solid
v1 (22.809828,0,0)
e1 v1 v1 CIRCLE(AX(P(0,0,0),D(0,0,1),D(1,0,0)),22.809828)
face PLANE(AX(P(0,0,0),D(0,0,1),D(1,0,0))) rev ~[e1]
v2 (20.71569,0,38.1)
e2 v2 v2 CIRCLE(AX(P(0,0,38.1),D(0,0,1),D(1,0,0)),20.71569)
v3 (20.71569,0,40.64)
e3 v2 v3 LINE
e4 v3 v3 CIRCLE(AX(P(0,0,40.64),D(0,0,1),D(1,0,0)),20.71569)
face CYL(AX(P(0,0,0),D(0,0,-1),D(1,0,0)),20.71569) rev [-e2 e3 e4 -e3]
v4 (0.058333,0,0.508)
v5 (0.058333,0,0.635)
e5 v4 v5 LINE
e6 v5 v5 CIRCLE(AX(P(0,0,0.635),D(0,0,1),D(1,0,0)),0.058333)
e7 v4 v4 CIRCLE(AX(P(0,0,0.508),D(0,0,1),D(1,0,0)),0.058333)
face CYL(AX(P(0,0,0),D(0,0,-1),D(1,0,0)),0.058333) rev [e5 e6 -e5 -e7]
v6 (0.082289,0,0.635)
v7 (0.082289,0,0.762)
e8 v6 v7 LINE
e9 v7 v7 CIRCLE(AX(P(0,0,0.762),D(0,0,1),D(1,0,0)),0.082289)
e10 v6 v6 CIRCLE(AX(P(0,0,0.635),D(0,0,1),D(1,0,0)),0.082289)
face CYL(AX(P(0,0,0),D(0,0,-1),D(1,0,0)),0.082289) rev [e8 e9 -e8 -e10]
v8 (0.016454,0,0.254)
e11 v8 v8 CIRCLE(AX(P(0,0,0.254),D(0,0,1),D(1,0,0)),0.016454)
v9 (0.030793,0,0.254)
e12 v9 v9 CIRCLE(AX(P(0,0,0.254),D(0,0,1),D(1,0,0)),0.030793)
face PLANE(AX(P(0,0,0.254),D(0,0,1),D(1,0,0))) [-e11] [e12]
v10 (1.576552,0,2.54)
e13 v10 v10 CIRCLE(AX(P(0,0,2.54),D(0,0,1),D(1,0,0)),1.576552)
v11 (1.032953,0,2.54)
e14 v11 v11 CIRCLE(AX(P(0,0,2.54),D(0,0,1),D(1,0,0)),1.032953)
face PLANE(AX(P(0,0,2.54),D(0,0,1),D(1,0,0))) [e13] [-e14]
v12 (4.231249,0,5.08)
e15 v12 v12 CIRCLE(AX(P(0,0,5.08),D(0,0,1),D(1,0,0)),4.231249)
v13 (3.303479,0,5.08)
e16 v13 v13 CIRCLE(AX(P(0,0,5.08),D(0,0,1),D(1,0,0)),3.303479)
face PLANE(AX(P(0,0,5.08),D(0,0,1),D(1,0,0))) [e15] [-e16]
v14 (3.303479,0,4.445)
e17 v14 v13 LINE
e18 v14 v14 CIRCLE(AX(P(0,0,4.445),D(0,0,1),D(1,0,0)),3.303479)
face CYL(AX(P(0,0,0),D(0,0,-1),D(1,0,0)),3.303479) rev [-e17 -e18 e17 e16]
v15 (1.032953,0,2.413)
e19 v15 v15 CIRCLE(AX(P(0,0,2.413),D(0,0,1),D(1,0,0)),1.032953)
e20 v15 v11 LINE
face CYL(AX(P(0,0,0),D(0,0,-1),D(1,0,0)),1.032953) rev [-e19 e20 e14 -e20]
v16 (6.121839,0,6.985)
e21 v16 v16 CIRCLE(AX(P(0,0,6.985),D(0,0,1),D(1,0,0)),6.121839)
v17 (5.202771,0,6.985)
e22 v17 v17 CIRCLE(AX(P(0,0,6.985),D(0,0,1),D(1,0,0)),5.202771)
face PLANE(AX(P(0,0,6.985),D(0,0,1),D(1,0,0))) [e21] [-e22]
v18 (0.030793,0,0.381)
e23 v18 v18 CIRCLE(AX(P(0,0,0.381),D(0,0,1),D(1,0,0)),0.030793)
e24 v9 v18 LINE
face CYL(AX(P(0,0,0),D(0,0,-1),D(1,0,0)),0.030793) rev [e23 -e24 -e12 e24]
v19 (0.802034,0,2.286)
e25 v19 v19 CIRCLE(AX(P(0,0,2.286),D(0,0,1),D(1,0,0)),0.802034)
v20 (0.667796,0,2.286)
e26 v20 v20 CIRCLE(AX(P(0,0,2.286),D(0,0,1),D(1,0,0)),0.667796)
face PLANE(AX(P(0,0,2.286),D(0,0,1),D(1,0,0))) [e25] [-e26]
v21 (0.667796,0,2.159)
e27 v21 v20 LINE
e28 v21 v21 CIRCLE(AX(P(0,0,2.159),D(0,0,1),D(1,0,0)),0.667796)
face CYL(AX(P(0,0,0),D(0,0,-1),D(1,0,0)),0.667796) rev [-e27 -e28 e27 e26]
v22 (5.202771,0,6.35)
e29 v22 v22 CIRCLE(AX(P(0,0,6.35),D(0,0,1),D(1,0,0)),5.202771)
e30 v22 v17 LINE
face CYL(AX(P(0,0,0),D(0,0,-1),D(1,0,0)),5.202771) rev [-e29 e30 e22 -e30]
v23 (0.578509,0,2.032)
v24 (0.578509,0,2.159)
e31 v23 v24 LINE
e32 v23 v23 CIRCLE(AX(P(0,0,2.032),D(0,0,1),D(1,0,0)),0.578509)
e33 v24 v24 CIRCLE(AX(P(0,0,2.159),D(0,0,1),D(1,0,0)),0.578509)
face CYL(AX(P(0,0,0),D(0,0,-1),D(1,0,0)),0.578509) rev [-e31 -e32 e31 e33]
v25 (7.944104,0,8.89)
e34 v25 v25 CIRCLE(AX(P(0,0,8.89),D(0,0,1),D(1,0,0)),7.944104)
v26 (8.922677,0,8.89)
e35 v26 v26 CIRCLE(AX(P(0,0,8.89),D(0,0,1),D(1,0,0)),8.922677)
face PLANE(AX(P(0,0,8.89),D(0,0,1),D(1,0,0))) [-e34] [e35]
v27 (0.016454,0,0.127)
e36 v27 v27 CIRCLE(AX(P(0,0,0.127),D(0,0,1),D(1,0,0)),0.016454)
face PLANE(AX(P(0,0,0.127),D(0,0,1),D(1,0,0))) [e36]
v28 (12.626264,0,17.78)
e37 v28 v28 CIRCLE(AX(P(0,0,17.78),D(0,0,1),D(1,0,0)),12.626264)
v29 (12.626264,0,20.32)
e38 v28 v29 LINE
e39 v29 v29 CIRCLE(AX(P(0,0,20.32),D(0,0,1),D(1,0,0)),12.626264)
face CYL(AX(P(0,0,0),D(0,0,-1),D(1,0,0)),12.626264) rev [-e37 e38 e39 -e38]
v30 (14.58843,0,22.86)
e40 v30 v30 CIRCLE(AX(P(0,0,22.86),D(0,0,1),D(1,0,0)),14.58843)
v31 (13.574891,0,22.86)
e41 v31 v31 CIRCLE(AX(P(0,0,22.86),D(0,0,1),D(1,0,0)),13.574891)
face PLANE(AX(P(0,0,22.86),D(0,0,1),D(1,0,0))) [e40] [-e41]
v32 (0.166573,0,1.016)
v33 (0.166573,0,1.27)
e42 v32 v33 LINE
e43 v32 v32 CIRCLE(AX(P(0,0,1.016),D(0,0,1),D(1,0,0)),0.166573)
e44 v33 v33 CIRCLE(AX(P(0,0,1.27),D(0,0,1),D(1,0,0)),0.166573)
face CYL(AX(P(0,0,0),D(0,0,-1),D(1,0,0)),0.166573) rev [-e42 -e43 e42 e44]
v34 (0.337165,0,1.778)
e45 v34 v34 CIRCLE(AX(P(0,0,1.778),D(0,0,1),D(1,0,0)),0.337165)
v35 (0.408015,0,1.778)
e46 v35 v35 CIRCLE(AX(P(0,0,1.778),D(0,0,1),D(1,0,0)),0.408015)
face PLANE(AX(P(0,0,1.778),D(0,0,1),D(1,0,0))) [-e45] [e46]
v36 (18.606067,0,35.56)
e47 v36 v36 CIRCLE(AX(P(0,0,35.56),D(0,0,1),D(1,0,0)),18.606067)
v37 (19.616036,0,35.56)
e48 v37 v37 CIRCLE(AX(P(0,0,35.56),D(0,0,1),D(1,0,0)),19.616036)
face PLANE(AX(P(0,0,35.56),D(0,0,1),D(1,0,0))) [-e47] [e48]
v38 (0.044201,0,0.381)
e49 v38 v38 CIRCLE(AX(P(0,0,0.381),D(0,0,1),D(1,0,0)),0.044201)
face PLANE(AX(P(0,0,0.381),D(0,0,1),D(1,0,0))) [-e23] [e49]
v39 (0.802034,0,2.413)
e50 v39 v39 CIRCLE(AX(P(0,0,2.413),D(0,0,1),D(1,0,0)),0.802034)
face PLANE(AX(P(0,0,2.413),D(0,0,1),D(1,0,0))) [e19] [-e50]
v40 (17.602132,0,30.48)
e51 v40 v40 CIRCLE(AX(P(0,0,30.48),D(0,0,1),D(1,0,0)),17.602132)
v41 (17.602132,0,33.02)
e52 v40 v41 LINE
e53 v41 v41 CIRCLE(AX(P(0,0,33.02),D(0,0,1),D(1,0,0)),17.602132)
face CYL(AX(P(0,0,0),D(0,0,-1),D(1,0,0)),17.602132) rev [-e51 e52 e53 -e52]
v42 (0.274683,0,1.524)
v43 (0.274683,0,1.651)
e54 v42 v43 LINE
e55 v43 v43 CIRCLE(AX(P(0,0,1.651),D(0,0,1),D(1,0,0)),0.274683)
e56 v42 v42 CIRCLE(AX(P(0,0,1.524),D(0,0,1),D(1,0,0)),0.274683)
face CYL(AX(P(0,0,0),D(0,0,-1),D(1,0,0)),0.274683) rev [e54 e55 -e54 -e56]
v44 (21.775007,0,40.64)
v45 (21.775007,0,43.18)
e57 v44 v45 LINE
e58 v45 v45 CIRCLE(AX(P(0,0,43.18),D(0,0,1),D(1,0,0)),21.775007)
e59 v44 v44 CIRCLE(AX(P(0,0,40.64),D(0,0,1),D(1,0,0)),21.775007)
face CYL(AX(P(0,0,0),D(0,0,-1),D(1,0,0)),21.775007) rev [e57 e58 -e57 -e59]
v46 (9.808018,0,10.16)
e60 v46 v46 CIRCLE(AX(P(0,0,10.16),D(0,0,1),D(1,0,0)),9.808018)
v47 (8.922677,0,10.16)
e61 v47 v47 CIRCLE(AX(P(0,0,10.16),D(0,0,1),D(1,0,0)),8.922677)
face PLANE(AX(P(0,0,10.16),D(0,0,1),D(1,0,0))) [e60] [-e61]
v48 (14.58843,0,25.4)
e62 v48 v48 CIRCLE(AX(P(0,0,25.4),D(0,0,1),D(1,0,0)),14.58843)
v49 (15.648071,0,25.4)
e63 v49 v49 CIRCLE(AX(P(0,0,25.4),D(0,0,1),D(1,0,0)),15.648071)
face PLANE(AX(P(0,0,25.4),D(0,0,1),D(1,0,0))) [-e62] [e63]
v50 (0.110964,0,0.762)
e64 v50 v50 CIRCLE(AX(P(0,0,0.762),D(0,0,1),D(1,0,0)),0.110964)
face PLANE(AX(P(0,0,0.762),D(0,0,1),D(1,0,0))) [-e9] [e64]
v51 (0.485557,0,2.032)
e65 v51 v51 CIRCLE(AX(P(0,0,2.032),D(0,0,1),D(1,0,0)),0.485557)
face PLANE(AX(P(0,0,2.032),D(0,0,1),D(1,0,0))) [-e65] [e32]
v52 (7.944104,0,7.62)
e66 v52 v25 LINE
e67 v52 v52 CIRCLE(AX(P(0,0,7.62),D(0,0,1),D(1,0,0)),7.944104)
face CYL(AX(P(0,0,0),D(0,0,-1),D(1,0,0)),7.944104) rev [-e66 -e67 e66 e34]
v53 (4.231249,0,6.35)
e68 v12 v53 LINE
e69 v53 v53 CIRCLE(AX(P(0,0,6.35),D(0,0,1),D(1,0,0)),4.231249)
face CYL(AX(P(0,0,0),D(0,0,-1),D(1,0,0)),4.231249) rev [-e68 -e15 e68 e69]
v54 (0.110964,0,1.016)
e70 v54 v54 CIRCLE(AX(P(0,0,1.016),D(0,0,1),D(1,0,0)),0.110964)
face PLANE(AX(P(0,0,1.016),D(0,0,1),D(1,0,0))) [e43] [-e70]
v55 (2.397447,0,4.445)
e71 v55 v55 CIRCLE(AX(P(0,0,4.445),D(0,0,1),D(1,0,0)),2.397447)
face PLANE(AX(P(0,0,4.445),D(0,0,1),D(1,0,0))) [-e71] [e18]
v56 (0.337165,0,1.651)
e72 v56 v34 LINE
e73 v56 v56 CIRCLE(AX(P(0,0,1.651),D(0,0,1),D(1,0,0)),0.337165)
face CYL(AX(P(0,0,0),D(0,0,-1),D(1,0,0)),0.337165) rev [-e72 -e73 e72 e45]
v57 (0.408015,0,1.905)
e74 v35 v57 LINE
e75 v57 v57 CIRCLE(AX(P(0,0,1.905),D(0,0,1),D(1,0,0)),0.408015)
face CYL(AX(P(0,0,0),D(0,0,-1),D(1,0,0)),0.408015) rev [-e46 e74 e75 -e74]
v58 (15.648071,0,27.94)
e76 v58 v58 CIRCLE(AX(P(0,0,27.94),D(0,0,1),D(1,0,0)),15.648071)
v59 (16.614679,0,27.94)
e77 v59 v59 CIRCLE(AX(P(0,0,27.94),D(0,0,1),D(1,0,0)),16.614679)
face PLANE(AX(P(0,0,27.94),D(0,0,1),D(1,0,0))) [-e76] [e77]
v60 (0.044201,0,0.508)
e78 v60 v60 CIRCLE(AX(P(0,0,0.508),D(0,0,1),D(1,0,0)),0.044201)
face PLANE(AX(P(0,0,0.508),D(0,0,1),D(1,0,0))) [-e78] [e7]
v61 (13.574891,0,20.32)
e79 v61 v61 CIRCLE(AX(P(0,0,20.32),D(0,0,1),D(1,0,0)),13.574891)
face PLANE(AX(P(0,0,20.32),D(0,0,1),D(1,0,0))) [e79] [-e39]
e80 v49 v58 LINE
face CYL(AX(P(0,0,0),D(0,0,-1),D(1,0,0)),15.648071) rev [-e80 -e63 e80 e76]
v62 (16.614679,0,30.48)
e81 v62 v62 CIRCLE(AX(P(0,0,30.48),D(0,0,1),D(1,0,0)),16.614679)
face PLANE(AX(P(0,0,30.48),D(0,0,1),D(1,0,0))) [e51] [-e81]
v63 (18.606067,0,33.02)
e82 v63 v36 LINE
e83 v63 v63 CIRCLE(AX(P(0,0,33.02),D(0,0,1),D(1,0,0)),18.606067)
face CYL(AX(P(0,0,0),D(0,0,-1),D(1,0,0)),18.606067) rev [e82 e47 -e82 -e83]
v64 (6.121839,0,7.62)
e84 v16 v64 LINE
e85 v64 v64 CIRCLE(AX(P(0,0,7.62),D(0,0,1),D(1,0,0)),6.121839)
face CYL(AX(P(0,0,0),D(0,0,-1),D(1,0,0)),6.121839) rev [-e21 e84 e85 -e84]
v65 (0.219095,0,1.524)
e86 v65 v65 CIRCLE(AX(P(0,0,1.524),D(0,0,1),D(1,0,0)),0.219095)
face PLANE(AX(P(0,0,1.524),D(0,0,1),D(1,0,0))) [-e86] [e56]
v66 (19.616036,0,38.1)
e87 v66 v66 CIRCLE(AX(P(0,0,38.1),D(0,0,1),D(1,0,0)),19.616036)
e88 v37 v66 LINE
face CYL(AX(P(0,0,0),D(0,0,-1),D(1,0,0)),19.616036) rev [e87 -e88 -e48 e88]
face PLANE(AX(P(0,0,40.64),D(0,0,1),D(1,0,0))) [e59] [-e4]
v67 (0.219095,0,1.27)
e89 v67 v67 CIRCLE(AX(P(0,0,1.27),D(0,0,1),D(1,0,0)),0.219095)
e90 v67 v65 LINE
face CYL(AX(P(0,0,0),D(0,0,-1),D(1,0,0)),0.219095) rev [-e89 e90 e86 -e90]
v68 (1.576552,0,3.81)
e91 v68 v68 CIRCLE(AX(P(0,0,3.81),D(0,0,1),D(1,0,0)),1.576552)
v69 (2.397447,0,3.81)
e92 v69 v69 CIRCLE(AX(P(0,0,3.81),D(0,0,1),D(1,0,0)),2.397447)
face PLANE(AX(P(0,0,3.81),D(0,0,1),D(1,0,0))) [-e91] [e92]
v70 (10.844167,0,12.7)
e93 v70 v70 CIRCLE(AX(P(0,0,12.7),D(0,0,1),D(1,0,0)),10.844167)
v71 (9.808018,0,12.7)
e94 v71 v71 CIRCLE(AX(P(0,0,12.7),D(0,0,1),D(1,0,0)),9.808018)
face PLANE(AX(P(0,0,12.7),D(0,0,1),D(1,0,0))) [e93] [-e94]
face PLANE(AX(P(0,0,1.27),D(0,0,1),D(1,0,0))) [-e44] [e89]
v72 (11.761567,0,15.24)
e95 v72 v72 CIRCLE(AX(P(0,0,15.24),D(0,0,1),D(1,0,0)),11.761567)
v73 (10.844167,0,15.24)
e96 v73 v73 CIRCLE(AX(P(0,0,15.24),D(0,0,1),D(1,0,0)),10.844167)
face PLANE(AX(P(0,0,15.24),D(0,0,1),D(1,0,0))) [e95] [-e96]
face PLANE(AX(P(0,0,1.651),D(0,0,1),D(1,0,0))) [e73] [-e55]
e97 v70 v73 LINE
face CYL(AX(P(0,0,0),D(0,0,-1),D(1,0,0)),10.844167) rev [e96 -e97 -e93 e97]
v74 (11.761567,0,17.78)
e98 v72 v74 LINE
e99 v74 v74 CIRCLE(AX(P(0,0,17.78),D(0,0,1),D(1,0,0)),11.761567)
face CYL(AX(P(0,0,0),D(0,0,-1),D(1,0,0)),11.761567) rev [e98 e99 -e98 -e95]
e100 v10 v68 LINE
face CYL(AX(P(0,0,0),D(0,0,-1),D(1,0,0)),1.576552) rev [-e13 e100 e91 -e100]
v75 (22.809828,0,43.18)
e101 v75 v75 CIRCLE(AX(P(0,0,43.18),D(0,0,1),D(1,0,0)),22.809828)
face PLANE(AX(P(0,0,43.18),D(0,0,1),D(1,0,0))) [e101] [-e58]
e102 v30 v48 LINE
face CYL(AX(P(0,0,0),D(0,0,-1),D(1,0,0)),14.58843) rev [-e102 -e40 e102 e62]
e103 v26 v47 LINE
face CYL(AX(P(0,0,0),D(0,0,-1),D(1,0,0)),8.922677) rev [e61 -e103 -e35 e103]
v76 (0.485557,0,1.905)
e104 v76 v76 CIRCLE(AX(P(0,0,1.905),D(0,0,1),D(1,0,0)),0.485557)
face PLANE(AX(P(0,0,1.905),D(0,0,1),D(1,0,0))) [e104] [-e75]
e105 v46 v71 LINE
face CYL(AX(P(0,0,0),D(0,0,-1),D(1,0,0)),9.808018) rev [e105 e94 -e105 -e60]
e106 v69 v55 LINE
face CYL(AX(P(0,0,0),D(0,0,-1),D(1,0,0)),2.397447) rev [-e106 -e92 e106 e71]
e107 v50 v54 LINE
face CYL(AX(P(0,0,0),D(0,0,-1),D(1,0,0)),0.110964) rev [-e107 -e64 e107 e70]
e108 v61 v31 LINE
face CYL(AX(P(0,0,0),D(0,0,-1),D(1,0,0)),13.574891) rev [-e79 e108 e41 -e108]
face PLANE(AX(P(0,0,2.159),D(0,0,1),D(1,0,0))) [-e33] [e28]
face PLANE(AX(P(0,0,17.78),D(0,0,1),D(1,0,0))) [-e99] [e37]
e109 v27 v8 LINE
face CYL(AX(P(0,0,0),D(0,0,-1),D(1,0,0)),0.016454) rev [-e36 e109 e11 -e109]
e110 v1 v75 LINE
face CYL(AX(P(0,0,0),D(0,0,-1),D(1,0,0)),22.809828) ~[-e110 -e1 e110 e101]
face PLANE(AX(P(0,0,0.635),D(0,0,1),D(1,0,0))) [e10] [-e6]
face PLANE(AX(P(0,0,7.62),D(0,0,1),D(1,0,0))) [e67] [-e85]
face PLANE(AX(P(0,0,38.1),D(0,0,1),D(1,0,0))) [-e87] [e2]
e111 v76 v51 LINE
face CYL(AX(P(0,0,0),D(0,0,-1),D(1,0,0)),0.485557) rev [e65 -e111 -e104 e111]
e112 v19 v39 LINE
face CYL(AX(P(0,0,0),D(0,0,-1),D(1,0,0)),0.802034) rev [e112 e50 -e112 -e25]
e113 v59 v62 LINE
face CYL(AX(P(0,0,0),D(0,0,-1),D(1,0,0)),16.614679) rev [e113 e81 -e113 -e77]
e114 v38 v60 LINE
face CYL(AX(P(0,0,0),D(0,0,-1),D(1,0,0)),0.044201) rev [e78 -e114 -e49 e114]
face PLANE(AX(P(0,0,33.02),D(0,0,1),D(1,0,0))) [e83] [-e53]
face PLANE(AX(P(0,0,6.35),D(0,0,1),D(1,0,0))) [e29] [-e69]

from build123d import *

# Parameters (mm, degrees)
F0_R      = 0.016454
F1_DEPTH  = 0.127
F0_R_2    = 0.030793
F2_DEPTH  = 0.254
F0_R_3    = 0.044201
F3_DEPTH  = 0.381
F0_R_4    = 0.058333
F4_DEPTH  = 0.508
F0_R_5    = 0.082289
F5_DEPTH  = 0.635
F0_R_6    = 0.110964
F6_DEPTH  = 0.762
F0_R_7    = 0.166573
F7_DEPTH  = 1.016
F0_R_8    = 0.219095
F8_DEPTH  = 1.27
F0_R_9    = 0.274683
F9_DEPTH  = 1.524
F0_R_10   = 0.337165
F10_DEPTH = 1.651
F0_R_11   = 0.408015
F11_DEPTH = 1.778
F0_R_12   = 0.485557
F12_DEPTH = 1.905
F0_R_13   = 0.578509
F13_DEPTH = 2.032
F0_R_14   = 0.667796
F14_DEPTH = 2.159
F0_R_15   = 0.802034
F15_DEPTH = 2.286
F0_R_16   = 1.032953
F16_DEPTH = 2.413
F0_R_17   = 1.576552
F17_DEPTH = 2.54
F0_R_18   = 2.397447
F18_DEPTH = 3.81
F0_R_19   = 3.303479
F19_DEPTH = 4.445
F0_R_20   = 4.231249
F20_DEPTH = 5.08
F0_R_21   = 5.202771
F21_DEPTH = 6.35
F0_R_22   = 6.121839
F22_DEPTH = 6.985
F0_R_23   = 7.050554
F23_DEPTH = 7.62
F0_R_24   = 7.944104
F24_DEPTH = 7.62
F0_R_25   = 8.922677
F25_DEPTH = 8.89
F0_R_26   = 9.808018
F26_DEPTH = 10.16
F0_R_27   = 10.844167
F27_DEPTH = 12.7
F0_R_28   = 11.761567
F28_DEPTH = 15.24
F0_R_29   = 12.626264
F29_DEPTH = 17.78
F0_R_30   = 13.574891
F30_DEPTH = 20.32
F0_R_31   = 14.58843
F31_DEPTH = 22.86
F0_R_32   = 15.648071
F32_DEPTH = 25.4
F0_R_33   = 16.614679
F33_DEPTH = 27.94
F0_R_34   = 17.602132
F34_DEPTH = 30.48
F0_R_35   = 18.606067
F35_DEPTH = 33.02
F0_R_36   = 19.616036
F36_DEPTH = 35.56
F0_R_37   = 20.71569
F37_DEPTH = 38.1
F0_R_38   = 21.775007
F38_DEPTH = 40.64
F0_R_39   = 22.809828
F39_DEPTH = 43.18


with BuildPart() as f1:
    # F0 (on Top) → F1 (new body)
    with BuildSketch(Plane.XY):
        Circle(F0_R)
    extrude(amount=F1_DEPTH)

    # F0 (on Top) → F2 (join)
    with BuildSketch(Plane.XY):
        Circle(F0_R_2)
        Circle(F0_R, mode=Mode.SUBTRACT)
    extrude(amount=F2_DEPTH)

    # F0 (on Top) → F3 (join)
    with BuildSketch(Plane.XY):
        Circle(F0_R_3)
        Circle(F0_R_2, mode=Mode.SUBTRACT)
    extrude(amount=F3_DEPTH)

    # F0 (on Top) → F4 (join)
    with BuildSketch(Plane.XY):
        Circle(F0_R_4)
        Circle(F0_R_3, mode=Mode.SUBTRACT)
    extrude(amount=F4_DEPTH)

    # F0 (on Top) → F5 (join)
    with BuildSketch(Plane.XY):
        Circle(F0_R_5)
        Circle(F0_R_4, mode=Mode.SUBTRACT)
    extrude(amount=F5_DEPTH)

    # F0 (on Top) → F6 (join)
    with BuildSketch(Plane.XY):
        Circle(F0_R_6)
        Circle(F0_R_5, mode=Mode.SUBTRACT)
    extrude(amount=F6_DEPTH)

    # F0 (on Top) → F7 (join)
    with BuildSketch(Plane.XY):
        Circle(F0_R_7)
        Circle(F0_R_6, mode=Mode.SUBTRACT)
    extrude(amount=F7_DEPTH)

    # F0 (on Top) → F8 (join)
    with BuildSketch(Plane.XY):
        Circle(F0_R_8)
        Circle(F0_R_7, mode=Mode.SUBTRACT)
    extrude(amount=F8_DEPTH)

    # F0 (on Top) → F9 (join)
    with BuildSketch(Plane.XY):
        Circle(F0_R_9)
        Circle(F0_R_8, mode=Mode.SUBTRACT)
    extrude(amount=F9_DEPTH)

    # F0 (on Top) → F10 (join)
    with BuildSketch(Plane.XY):
        Circle(F0_R_10)
        Circle(F0_R_9, mode=Mode.SUBTRACT)
    extrude(amount=F10_DEPTH)

    # F0 (on Top) → F11 (join)
    with BuildSketch(Plane.XY):
        Circle(F0_R_11)
        Circle(F0_R_10, mode=Mode.SUBTRACT)
    extrude(amount=F11_DEPTH)

    # F0 (on Top) → F12 (join)
    with BuildSketch(Plane.XY):
        Circle(F0_R_12)
        Circle(F0_R_11, mode=Mode.SUBTRACT)
    extrude(amount=F12_DEPTH)

    # F0 (on Top) → F13 (join)
    with BuildSketch(Plane.XY):
        Circle(F0_R_13)
        Circle(F0_R_12, mode=Mode.SUBTRACT)
    extrude(amount=F13_DEPTH)

    # F0 (on Top) → F14 (join)
    with BuildSketch(Plane.XY):
        Circle(F0_R_14)
        Circle(F0_R_13, mode=Mode.SUBTRACT)
    extrude(amount=F14_DEPTH)

    # F0 (on Top) → F15 (join)
    with BuildSketch(Plane.XY):
        Circle(F0_R_15)
        Circle(F0_R_14, mode=Mode.SUBTRACT)
    extrude(amount=F15_DEPTH)

    # F0 (on Top) → F16 (join)
    with BuildSketch(Plane.XY):
        Circle(F0_R_16)
        Circle(F0_R_15, mode=Mode.SUBTRACT)
    extrude(amount=F16_DEPTH)

    # F0 (on Top) → F17 (join)
    with BuildSketch(Plane.XY):
        Circle(F0_R_17)
        Circle(F0_R_16, mode=Mode.SUBTRACT)
    extrude(amount=F17_DEPTH)

    # F0 (on Top) → F18 (join)
    with BuildSketch(Plane.XY):
        Circle(F0_R_18)
        Circle(F0_R_17, mode=Mode.SUBTRACT)
    extrude(amount=F18_DEPTH)

    # F0 (on Top) → F19 (join)
    with BuildSketch(Plane.XY):
        Circle(F0_R_19)
        Circle(F0_R_18, mode=Mode.SUBTRACT)
    extrude(amount=F19_DEPTH)

    # F0 (on Top) → F20 (join)
    with BuildSketch(Plane.XY):
        Circle(F0_R_20)
        Circle(F0_R_19, mode=Mode.SUBTRACT)
    extrude(amount=F20_DEPTH)

    # F0 (on Top) → F21 (join)
    with BuildSketch(Plane.XY):
        Circle(F0_R_21)
        Circle(F0_R_20, mode=Mode.SUBTRACT)
    extrude(amount=F21_DEPTH)

    # F0 (on Top) → F22 (join)
    with BuildSketch(Plane.XY):
        Circle(F0_R_22)
        Circle(F0_R_21, mode=Mode.SUBTRACT)
    extrude(amount=F22_DEPTH)

    # F0 (on Top) → F23 (join)
    with BuildSketch(Plane.XY):
        Circle(F0_R_23)
        Circle(F0_R_22, mode=Mode.SUBTRACT)
    extrude(amount=F23_DEPTH)

    # F0 (on Top) → F24 (join)
    with BuildSketch(Plane.XY):
        Circle(F0_R_24)
        Circle(F0_R_23, mode=Mode.SUBTRACT)
    extrude(amount=F24_DEPTH)

    # F0 (on Top) → F25 (join)
    with BuildSketch(Plane.XY):
        Circle(F0_R_25)
        Circle(F0_R_24, mode=Mode.SUBTRACT)
    extrude(amount=F25_DEPTH)

    # F0 (on Top) → F26 (join)
    with BuildSketch(Plane.XY):
        Circle(F0_R_26)
        Circle(F0_R_25, mode=Mode.SUBTRACT)
    extrude(amount=F26_DEPTH)

    # F0 (on Top) → F27 (join)
    with BuildSketch(Plane.XY):
        Circle(F0_R_27)
        Circle(F0_R_26, mode=Mode.SUBTRACT)
    extrude(amount=F27_DEPTH)

    # F0 (on Top) → F28 (join)
    with BuildSketch(Plane.XY):
        Circle(F0_R_28)
        Circle(F0_R_27, mode=Mode.SUBTRACT)
    extrude(amount=F28_DEPTH)

    # F0 (on Top) → F29 (join)
    with BuildSketch(Plane.XY):
        Circle(F0_R_29)
        Circle(F0_R_28, mode=Mode.SUBTRACT)
    extrude(amount=F29_DEPTH)

    # F0 (on Top) → F30 (join)
    with BuildSketch(Plane.XY):
        Circle(F0_R_30)
        Circle(F0_R_29, mode=Mode.SUBTRACT)
    extrude(amount=F30_DEPTH)

    # F0 (on Top) → F31 (join)
    with BuildSketch(Plane.XY):
        Circle(F0_R_31)
        Circle(F0_R_30, mode=Mode.SUBTRACT)
    extrude(amount=F31_DEPTH)

    # F0 (on Top) → F32 (join)
    with BuildSketch(Plane.XY):
        Circle(F0_R_32)
        Circle(F0_R_31, mode=Mode.SUBTRACT)
    extrude(amount=F32_DEPTH)

    # F0 (on Top) → F33 (join)
    with BuildSketch(Plane.XY):
        Circle(F0_R_33)
        Circle(F0_R_32, mode=Mode.SUBTRACT)
    extrude(amount=F33_DEPTH)

    # F0 (on Top) → F34 (join)
    with BuildSketch(Plane.XY):
        Circle(F0_R_34)
        Circle(F0_R_33, mode=Mode.SUBTRACT)
    extrude(amount=F34_DEPTH)

    # F0 (on Top) → F35 (join)
    with BuildSketch(Plane.XY):
        Circle(F0_R_35)
        Circle(F0_R_34, mode=Mode.SUBTRACT)
    extrude(amount=F35_DEPTH)

    # F0 (on Top) → F36 (join)
    with BuildSketch(Plane.XY):
        Circle(F0_R_36)
        Circle(F0_R_35, mode=Mode.SUBTRACT)
    extrude(amount=F36_DEPTH)

    # F0 (on Top) → F37 (join)
    with BuildSketch(Plane.XY):
        Circle(F0_R_37)
        Circle(F0_R_36, mode=Mode.SUBTRACT)
    extrude(amount=F37_DEPTH)

    # F0 (on Top) → F38 (join)
    with BuildSketch(Plane.XY):
        Circle(F0_R_38)
        Circle(F0_R_37, mode=Mode.SUBTRACT)
    extrude(amount=F38_DEPTH)

    # F0 (on Top) → F39 (join)
    with BuildSketch(Plane.XY):
        Circle(F0_R_39)
        Circle(F0_R_38, mode=Mode.SUBTRACT)
    extrude(amount=F39_DEPTH)


solid = f1.part
